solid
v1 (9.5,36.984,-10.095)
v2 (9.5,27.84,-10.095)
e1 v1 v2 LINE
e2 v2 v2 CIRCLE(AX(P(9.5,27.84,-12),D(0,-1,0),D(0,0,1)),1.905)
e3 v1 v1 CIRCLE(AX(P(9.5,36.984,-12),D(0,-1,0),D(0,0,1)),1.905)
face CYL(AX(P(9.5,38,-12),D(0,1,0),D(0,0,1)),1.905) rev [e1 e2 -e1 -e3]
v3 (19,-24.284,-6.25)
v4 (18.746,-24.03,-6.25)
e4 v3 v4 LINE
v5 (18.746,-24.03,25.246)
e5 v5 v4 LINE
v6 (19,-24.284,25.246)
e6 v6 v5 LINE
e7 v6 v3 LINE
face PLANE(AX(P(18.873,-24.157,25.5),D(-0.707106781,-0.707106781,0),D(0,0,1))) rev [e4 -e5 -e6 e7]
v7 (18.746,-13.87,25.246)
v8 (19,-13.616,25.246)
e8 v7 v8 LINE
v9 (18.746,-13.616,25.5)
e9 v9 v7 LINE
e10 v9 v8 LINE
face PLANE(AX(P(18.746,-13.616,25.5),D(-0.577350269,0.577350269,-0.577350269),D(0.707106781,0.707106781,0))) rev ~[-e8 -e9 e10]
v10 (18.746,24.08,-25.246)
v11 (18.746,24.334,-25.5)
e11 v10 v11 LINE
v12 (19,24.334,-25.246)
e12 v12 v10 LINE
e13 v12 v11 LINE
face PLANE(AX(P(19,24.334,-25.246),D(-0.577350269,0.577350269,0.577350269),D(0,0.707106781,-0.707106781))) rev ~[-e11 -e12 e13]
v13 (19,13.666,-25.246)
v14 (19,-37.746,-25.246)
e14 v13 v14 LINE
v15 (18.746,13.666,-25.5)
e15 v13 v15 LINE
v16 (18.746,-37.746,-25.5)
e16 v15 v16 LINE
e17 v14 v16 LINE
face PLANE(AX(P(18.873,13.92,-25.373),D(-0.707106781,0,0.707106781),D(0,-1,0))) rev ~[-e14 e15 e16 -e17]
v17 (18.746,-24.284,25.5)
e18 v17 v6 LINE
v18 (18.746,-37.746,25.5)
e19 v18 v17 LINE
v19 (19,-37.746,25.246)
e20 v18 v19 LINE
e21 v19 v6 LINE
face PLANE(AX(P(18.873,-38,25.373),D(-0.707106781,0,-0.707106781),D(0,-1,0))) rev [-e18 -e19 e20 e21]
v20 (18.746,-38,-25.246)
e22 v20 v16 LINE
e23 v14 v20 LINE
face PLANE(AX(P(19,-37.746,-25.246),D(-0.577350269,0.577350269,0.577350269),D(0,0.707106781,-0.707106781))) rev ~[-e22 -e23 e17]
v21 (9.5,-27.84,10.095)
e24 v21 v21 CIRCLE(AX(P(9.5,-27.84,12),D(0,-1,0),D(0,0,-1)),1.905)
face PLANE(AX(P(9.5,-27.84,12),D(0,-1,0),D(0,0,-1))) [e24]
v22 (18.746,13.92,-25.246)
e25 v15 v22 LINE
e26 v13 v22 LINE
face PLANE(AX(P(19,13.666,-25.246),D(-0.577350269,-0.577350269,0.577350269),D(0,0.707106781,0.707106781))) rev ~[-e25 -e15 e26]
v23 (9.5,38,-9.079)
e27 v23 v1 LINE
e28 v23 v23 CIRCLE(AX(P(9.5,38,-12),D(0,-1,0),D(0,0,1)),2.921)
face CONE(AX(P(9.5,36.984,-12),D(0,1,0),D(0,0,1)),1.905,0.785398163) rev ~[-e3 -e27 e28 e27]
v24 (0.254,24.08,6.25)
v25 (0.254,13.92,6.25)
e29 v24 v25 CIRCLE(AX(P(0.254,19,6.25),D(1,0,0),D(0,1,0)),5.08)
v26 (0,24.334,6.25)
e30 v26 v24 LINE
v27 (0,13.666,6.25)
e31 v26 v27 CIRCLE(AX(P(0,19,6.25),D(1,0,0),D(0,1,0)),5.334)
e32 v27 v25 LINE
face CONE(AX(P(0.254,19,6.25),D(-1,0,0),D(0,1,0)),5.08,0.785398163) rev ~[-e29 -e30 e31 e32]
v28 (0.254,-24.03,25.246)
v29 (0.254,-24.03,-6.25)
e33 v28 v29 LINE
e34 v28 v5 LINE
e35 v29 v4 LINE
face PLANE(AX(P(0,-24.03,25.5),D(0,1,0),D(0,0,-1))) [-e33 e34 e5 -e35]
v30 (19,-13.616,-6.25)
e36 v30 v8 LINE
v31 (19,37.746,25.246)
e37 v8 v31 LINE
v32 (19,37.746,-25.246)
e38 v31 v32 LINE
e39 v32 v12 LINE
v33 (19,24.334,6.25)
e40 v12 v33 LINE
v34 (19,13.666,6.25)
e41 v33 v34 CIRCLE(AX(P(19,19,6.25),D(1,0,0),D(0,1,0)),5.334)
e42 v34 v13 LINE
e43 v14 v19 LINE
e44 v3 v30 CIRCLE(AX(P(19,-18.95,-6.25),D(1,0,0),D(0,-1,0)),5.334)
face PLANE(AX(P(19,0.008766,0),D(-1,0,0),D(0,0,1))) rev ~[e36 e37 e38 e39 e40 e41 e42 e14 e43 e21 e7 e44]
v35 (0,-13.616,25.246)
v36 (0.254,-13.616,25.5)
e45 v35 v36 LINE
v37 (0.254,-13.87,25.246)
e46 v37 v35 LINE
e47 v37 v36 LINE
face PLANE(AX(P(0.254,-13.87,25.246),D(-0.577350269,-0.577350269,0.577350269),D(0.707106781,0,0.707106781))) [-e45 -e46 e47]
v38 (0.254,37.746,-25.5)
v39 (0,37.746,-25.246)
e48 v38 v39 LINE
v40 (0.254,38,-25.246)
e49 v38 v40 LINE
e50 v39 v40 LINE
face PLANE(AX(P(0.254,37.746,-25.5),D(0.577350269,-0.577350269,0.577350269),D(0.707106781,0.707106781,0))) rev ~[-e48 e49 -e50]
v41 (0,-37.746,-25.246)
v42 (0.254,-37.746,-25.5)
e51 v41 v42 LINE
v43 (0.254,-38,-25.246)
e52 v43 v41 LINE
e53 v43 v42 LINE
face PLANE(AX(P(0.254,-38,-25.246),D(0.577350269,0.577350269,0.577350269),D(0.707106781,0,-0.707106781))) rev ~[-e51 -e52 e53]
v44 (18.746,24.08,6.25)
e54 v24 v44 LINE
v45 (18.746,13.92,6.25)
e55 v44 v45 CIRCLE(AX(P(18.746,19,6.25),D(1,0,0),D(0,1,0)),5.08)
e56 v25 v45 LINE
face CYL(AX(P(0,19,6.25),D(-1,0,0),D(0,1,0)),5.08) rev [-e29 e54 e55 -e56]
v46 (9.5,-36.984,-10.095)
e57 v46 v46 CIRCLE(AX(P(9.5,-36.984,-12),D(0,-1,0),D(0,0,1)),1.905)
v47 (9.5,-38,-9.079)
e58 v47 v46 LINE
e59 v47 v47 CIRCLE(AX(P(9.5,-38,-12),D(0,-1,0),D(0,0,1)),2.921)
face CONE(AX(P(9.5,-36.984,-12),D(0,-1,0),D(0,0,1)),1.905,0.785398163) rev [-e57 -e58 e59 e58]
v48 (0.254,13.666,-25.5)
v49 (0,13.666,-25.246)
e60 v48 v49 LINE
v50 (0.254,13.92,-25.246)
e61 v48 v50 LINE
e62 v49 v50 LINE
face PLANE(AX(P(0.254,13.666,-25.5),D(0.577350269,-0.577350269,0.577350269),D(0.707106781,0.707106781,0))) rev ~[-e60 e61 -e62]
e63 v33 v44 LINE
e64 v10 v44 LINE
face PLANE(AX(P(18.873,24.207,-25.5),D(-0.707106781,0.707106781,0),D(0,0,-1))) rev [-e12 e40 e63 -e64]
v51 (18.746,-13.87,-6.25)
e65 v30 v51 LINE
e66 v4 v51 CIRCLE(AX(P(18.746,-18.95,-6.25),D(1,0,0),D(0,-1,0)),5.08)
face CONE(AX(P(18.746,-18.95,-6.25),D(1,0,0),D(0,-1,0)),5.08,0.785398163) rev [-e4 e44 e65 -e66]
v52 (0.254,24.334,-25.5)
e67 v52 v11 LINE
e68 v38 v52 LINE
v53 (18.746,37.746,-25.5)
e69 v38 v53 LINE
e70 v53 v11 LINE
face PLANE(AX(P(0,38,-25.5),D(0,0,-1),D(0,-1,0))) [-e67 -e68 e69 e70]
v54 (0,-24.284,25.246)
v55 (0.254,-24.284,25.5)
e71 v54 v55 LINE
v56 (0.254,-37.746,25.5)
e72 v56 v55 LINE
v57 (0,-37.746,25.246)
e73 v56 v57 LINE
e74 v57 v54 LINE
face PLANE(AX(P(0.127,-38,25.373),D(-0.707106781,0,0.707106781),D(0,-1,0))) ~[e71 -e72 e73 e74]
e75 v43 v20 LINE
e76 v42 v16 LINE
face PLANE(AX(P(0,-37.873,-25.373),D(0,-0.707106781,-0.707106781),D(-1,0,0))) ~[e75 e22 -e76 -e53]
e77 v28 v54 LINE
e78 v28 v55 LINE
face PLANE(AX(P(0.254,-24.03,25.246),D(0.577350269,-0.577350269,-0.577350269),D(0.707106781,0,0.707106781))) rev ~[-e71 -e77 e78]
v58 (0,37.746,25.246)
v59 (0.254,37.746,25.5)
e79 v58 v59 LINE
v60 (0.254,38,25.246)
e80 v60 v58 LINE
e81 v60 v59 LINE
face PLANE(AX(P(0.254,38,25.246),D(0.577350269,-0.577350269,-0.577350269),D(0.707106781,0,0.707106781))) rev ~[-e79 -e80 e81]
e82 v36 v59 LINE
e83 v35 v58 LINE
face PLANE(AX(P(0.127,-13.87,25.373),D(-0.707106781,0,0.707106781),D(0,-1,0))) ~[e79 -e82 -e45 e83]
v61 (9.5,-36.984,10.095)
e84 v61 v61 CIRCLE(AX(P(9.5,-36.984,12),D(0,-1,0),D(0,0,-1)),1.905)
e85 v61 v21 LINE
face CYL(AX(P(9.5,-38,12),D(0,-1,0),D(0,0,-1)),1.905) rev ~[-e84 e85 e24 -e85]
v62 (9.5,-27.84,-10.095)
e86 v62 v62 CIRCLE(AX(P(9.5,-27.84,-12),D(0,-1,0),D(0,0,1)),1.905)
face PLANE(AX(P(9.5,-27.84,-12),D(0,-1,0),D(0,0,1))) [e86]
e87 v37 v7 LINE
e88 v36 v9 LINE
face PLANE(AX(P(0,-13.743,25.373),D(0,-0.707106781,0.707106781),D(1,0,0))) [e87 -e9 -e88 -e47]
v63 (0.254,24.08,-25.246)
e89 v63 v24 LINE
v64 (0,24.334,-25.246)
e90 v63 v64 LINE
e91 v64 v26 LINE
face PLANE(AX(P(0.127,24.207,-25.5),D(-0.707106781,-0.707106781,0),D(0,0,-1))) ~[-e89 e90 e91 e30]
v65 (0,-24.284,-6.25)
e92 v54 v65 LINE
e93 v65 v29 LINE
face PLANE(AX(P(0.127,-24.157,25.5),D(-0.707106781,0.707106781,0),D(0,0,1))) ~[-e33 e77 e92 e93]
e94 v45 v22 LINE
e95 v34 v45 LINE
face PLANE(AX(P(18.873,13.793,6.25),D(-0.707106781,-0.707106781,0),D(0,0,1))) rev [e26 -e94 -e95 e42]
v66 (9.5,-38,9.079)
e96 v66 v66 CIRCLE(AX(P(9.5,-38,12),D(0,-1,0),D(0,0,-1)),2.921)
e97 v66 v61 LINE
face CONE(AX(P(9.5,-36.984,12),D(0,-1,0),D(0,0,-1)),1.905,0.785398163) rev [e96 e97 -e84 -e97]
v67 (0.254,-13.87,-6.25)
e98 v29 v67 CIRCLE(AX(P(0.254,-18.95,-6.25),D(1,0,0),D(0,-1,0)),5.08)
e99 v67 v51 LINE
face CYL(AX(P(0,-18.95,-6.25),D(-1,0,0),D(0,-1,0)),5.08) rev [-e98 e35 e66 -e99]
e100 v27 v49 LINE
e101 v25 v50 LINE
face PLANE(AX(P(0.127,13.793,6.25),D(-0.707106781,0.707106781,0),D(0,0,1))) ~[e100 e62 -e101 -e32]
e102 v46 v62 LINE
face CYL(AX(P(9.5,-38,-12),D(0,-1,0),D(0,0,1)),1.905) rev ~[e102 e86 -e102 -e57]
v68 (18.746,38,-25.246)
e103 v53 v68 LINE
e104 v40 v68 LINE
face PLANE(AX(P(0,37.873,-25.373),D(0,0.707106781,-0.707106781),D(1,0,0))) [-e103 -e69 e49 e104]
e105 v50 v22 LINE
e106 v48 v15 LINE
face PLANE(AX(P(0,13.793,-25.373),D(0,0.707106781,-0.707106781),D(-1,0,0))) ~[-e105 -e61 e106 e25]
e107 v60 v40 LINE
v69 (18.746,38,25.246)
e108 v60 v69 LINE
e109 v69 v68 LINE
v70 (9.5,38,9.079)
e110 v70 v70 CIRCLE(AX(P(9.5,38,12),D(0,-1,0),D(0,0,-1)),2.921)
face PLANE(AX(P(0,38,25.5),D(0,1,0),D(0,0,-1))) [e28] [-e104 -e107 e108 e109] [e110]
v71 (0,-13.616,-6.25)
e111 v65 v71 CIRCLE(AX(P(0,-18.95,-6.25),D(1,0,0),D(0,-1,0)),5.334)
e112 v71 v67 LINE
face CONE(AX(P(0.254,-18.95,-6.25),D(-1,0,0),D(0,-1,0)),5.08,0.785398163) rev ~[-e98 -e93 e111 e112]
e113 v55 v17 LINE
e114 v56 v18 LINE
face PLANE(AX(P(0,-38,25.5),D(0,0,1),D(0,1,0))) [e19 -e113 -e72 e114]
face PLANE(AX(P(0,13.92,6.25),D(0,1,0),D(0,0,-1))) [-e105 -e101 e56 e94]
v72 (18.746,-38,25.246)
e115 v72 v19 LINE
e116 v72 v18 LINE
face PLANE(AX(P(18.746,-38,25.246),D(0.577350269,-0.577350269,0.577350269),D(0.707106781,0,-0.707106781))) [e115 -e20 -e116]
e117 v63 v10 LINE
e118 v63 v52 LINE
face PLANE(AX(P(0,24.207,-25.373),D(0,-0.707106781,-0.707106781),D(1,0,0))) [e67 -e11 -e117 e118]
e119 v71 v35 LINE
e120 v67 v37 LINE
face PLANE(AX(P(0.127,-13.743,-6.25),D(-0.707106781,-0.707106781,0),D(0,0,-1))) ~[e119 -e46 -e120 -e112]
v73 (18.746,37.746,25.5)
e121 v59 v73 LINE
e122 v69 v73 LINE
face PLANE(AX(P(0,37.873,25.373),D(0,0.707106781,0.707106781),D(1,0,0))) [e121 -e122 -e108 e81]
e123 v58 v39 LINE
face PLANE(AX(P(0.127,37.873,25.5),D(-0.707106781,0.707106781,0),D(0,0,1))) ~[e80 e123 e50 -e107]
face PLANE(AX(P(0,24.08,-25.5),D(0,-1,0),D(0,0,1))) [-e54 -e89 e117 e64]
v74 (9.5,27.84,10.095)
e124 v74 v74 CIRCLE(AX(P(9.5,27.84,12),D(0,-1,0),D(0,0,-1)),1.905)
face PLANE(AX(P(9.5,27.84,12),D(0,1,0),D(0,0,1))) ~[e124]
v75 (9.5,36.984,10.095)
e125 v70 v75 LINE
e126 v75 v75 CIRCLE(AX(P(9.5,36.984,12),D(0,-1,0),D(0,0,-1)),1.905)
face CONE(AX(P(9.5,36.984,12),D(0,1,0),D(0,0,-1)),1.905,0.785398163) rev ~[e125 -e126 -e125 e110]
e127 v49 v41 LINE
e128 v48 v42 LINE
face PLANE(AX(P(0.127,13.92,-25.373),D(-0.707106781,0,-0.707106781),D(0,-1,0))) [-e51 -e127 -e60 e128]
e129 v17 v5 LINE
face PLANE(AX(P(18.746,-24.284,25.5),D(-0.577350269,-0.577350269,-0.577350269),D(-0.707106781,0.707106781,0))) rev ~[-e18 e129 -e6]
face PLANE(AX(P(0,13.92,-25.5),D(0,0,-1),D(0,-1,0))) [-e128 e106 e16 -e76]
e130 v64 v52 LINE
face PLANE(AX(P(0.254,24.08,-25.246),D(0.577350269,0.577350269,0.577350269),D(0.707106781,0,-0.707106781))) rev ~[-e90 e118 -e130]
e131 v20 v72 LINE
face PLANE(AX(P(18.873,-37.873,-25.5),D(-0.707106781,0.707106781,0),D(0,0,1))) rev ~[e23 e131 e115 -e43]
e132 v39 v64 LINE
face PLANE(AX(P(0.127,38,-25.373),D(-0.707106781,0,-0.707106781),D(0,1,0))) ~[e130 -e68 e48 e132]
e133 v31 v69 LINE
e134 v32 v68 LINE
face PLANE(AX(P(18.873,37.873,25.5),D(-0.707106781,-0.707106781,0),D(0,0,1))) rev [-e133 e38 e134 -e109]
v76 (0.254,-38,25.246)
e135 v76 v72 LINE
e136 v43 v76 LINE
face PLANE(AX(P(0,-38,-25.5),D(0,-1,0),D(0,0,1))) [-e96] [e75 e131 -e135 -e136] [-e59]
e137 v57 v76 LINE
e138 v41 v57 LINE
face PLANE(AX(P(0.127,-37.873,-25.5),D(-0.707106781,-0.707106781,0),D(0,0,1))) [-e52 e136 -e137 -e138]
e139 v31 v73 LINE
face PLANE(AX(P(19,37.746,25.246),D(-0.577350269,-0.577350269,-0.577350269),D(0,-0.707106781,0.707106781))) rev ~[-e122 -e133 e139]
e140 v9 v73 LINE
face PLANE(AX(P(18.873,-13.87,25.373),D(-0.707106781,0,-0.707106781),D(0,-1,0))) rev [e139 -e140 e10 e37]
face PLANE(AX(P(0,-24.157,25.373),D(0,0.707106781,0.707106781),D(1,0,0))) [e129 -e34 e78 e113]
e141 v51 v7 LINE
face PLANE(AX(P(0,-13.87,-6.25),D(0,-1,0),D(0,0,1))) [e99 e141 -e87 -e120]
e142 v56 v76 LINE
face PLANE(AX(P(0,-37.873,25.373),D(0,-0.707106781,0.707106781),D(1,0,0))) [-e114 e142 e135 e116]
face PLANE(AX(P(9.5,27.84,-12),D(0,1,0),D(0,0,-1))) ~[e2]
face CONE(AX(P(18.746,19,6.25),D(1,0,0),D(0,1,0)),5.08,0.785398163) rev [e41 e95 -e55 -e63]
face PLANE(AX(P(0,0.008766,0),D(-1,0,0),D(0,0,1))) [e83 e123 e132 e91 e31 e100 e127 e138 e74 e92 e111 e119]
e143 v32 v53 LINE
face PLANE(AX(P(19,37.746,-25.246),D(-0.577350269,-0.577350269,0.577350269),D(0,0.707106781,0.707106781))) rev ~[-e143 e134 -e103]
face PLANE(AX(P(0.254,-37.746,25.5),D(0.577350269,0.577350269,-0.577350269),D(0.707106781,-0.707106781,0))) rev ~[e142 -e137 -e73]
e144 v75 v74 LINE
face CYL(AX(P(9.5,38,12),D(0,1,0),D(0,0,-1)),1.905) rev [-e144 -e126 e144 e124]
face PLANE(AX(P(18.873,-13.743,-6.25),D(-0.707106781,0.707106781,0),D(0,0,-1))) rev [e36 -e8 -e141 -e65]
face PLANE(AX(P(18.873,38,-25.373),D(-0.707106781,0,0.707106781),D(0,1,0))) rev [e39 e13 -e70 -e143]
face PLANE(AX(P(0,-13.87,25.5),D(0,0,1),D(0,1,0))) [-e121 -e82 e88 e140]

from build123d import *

# Parameters (mm, degrees)
BOSS_EXTRUDE1_DEPTH = 19
SKETCH2_R           = 1.905
CUT_EXTRUDE1_DEPTH  = 10.16
CHAMFER1_SIZE       = 1.016
CHAMFER2_SIZE       = 0.254
CHAMFER3_SIZE       = 1.016


with BuildPart() as part:
    # Sketch1 → Boss-Extrude1 (new body)
    with BuildSketch(Plane(origin=(0, 0, 0), x_dir=(0, 0, -1), z_dir=(1, 0, 0))):
        with BuildLine():
            Line((6.25, -13.87), (-25.5, -13.87))
            Line((-25.5, -13.87), (-25.5, 38))
            Line((-25.5, 38), (25.5, 38))
            Line((25.5, 38), (25.5, 24.08))
            Line((25.5, 24.08), (-6.25, 24.08))
            ThreePointArc((-6.25, 24.08), (-11.33, 19), (-6.25, 13.92))
            Line((-6.25, 13.92), (25.5, 13.92))
            Line((25.5, 13.92), (25.5, -38))
            Line((25.5, -38), (-25.5, -38))
            Line((-25.5, -38), (-25.5, -24.03))
            Line((-25.5, -24.03), (6.25, -24.03))
            ThreePointArc((6.25, -24.03), (11.33, -18.95), (6.25, -13.87))
        make_face()
    extrude(amount=BOSS_EXTRUDE1_DEPTH)

    # Sketch2 → Cut-Extrude1 (cut)
    with BuildSketch(Plane.XZ.offset(38)):
        with Locations(Location((9.5, 12, 0), (0, 0, 270))):
            Circle(SKETCH2_R)
        with Locations(Location((9.5, -12, 0), (0, 0, 90))):
            Circle(SKETCH2_R)
    cut_extrude1 = extrude(amount=-CUT_EXTRUDE1_DEPTH, mode=Mode.SUBTRACT)

    # Chamfer1
    chamfer1_edges = [part.edges().sort_by_distance(p)[0] for p in [
        (9.5, -38, 13.905),
        (9.5, -38, -13.905),
    ]]
    chamfer(chamfer1_edges, length=CHAMFER1_SIZE)

    # Chamfer2
    chamfer2_edges = [part.edges().sort_by_distance(p)[0] for p in [
        (19, -18.95, -11.33),
        (0, 12.065, 25.5),
        (0, 38, 0),
        (0, 31.04, -25.5),
        (0, 24.08, -9.625),
        (19, -24.03, 9.625),
        (0, 19, 11.33),
        (0, 13.92, -9.625),
        (0, -12.04, -25.5),
        (0, -38, 0),
        (0, -31.015, 25.5),
        (0, -24.03, 9.625),
        (0, -18.95, -11.33),
        (0, -13.87, 9.625),
        (19, -31.015, 25.5),
        (9.5, -13.87, 25.5),
        (9.5, 38, 25.5),
        (9.5, 38, -25.5),
        (9.5, 24.08, -25.5),
        (9.5, 13.92, -25.5),
        (9.5, -38, -25.5),
        (9.5, -38, 25.5),
        (9.5, -24.03, 25.5),
        (19, -38, 0),
        (19, -12.04, -25.5),
        (19, 13.92, -9.625),
        (19, 19, 11.33),
        (19, 24.08, -9.625),
        (19, 31.04, -25.5),
        (19, 38, 0),
        (19, -13.87, 9.625),
        (19, 12.065, 25.5),
    ]]
    chamfer(chamfer2_edges, length=CHAMFER2_SIZE)

    # Mirror3: Cut-Extrude1 across plane
    add(cut_extrude1.mirror(Plane.ZX), mode=Mode.SUBTRACT)

    # Chamfer3
    chamfer3_edges = [part.edges().sort_by_distance(p)[0] for p in [
        (9.5, 38, 13.905),
        (9.5, 38, -13.905),
    ]]
    chamfer(chamfer3_edges, length=CHAMFER3_SIZE)


solid = part.part
